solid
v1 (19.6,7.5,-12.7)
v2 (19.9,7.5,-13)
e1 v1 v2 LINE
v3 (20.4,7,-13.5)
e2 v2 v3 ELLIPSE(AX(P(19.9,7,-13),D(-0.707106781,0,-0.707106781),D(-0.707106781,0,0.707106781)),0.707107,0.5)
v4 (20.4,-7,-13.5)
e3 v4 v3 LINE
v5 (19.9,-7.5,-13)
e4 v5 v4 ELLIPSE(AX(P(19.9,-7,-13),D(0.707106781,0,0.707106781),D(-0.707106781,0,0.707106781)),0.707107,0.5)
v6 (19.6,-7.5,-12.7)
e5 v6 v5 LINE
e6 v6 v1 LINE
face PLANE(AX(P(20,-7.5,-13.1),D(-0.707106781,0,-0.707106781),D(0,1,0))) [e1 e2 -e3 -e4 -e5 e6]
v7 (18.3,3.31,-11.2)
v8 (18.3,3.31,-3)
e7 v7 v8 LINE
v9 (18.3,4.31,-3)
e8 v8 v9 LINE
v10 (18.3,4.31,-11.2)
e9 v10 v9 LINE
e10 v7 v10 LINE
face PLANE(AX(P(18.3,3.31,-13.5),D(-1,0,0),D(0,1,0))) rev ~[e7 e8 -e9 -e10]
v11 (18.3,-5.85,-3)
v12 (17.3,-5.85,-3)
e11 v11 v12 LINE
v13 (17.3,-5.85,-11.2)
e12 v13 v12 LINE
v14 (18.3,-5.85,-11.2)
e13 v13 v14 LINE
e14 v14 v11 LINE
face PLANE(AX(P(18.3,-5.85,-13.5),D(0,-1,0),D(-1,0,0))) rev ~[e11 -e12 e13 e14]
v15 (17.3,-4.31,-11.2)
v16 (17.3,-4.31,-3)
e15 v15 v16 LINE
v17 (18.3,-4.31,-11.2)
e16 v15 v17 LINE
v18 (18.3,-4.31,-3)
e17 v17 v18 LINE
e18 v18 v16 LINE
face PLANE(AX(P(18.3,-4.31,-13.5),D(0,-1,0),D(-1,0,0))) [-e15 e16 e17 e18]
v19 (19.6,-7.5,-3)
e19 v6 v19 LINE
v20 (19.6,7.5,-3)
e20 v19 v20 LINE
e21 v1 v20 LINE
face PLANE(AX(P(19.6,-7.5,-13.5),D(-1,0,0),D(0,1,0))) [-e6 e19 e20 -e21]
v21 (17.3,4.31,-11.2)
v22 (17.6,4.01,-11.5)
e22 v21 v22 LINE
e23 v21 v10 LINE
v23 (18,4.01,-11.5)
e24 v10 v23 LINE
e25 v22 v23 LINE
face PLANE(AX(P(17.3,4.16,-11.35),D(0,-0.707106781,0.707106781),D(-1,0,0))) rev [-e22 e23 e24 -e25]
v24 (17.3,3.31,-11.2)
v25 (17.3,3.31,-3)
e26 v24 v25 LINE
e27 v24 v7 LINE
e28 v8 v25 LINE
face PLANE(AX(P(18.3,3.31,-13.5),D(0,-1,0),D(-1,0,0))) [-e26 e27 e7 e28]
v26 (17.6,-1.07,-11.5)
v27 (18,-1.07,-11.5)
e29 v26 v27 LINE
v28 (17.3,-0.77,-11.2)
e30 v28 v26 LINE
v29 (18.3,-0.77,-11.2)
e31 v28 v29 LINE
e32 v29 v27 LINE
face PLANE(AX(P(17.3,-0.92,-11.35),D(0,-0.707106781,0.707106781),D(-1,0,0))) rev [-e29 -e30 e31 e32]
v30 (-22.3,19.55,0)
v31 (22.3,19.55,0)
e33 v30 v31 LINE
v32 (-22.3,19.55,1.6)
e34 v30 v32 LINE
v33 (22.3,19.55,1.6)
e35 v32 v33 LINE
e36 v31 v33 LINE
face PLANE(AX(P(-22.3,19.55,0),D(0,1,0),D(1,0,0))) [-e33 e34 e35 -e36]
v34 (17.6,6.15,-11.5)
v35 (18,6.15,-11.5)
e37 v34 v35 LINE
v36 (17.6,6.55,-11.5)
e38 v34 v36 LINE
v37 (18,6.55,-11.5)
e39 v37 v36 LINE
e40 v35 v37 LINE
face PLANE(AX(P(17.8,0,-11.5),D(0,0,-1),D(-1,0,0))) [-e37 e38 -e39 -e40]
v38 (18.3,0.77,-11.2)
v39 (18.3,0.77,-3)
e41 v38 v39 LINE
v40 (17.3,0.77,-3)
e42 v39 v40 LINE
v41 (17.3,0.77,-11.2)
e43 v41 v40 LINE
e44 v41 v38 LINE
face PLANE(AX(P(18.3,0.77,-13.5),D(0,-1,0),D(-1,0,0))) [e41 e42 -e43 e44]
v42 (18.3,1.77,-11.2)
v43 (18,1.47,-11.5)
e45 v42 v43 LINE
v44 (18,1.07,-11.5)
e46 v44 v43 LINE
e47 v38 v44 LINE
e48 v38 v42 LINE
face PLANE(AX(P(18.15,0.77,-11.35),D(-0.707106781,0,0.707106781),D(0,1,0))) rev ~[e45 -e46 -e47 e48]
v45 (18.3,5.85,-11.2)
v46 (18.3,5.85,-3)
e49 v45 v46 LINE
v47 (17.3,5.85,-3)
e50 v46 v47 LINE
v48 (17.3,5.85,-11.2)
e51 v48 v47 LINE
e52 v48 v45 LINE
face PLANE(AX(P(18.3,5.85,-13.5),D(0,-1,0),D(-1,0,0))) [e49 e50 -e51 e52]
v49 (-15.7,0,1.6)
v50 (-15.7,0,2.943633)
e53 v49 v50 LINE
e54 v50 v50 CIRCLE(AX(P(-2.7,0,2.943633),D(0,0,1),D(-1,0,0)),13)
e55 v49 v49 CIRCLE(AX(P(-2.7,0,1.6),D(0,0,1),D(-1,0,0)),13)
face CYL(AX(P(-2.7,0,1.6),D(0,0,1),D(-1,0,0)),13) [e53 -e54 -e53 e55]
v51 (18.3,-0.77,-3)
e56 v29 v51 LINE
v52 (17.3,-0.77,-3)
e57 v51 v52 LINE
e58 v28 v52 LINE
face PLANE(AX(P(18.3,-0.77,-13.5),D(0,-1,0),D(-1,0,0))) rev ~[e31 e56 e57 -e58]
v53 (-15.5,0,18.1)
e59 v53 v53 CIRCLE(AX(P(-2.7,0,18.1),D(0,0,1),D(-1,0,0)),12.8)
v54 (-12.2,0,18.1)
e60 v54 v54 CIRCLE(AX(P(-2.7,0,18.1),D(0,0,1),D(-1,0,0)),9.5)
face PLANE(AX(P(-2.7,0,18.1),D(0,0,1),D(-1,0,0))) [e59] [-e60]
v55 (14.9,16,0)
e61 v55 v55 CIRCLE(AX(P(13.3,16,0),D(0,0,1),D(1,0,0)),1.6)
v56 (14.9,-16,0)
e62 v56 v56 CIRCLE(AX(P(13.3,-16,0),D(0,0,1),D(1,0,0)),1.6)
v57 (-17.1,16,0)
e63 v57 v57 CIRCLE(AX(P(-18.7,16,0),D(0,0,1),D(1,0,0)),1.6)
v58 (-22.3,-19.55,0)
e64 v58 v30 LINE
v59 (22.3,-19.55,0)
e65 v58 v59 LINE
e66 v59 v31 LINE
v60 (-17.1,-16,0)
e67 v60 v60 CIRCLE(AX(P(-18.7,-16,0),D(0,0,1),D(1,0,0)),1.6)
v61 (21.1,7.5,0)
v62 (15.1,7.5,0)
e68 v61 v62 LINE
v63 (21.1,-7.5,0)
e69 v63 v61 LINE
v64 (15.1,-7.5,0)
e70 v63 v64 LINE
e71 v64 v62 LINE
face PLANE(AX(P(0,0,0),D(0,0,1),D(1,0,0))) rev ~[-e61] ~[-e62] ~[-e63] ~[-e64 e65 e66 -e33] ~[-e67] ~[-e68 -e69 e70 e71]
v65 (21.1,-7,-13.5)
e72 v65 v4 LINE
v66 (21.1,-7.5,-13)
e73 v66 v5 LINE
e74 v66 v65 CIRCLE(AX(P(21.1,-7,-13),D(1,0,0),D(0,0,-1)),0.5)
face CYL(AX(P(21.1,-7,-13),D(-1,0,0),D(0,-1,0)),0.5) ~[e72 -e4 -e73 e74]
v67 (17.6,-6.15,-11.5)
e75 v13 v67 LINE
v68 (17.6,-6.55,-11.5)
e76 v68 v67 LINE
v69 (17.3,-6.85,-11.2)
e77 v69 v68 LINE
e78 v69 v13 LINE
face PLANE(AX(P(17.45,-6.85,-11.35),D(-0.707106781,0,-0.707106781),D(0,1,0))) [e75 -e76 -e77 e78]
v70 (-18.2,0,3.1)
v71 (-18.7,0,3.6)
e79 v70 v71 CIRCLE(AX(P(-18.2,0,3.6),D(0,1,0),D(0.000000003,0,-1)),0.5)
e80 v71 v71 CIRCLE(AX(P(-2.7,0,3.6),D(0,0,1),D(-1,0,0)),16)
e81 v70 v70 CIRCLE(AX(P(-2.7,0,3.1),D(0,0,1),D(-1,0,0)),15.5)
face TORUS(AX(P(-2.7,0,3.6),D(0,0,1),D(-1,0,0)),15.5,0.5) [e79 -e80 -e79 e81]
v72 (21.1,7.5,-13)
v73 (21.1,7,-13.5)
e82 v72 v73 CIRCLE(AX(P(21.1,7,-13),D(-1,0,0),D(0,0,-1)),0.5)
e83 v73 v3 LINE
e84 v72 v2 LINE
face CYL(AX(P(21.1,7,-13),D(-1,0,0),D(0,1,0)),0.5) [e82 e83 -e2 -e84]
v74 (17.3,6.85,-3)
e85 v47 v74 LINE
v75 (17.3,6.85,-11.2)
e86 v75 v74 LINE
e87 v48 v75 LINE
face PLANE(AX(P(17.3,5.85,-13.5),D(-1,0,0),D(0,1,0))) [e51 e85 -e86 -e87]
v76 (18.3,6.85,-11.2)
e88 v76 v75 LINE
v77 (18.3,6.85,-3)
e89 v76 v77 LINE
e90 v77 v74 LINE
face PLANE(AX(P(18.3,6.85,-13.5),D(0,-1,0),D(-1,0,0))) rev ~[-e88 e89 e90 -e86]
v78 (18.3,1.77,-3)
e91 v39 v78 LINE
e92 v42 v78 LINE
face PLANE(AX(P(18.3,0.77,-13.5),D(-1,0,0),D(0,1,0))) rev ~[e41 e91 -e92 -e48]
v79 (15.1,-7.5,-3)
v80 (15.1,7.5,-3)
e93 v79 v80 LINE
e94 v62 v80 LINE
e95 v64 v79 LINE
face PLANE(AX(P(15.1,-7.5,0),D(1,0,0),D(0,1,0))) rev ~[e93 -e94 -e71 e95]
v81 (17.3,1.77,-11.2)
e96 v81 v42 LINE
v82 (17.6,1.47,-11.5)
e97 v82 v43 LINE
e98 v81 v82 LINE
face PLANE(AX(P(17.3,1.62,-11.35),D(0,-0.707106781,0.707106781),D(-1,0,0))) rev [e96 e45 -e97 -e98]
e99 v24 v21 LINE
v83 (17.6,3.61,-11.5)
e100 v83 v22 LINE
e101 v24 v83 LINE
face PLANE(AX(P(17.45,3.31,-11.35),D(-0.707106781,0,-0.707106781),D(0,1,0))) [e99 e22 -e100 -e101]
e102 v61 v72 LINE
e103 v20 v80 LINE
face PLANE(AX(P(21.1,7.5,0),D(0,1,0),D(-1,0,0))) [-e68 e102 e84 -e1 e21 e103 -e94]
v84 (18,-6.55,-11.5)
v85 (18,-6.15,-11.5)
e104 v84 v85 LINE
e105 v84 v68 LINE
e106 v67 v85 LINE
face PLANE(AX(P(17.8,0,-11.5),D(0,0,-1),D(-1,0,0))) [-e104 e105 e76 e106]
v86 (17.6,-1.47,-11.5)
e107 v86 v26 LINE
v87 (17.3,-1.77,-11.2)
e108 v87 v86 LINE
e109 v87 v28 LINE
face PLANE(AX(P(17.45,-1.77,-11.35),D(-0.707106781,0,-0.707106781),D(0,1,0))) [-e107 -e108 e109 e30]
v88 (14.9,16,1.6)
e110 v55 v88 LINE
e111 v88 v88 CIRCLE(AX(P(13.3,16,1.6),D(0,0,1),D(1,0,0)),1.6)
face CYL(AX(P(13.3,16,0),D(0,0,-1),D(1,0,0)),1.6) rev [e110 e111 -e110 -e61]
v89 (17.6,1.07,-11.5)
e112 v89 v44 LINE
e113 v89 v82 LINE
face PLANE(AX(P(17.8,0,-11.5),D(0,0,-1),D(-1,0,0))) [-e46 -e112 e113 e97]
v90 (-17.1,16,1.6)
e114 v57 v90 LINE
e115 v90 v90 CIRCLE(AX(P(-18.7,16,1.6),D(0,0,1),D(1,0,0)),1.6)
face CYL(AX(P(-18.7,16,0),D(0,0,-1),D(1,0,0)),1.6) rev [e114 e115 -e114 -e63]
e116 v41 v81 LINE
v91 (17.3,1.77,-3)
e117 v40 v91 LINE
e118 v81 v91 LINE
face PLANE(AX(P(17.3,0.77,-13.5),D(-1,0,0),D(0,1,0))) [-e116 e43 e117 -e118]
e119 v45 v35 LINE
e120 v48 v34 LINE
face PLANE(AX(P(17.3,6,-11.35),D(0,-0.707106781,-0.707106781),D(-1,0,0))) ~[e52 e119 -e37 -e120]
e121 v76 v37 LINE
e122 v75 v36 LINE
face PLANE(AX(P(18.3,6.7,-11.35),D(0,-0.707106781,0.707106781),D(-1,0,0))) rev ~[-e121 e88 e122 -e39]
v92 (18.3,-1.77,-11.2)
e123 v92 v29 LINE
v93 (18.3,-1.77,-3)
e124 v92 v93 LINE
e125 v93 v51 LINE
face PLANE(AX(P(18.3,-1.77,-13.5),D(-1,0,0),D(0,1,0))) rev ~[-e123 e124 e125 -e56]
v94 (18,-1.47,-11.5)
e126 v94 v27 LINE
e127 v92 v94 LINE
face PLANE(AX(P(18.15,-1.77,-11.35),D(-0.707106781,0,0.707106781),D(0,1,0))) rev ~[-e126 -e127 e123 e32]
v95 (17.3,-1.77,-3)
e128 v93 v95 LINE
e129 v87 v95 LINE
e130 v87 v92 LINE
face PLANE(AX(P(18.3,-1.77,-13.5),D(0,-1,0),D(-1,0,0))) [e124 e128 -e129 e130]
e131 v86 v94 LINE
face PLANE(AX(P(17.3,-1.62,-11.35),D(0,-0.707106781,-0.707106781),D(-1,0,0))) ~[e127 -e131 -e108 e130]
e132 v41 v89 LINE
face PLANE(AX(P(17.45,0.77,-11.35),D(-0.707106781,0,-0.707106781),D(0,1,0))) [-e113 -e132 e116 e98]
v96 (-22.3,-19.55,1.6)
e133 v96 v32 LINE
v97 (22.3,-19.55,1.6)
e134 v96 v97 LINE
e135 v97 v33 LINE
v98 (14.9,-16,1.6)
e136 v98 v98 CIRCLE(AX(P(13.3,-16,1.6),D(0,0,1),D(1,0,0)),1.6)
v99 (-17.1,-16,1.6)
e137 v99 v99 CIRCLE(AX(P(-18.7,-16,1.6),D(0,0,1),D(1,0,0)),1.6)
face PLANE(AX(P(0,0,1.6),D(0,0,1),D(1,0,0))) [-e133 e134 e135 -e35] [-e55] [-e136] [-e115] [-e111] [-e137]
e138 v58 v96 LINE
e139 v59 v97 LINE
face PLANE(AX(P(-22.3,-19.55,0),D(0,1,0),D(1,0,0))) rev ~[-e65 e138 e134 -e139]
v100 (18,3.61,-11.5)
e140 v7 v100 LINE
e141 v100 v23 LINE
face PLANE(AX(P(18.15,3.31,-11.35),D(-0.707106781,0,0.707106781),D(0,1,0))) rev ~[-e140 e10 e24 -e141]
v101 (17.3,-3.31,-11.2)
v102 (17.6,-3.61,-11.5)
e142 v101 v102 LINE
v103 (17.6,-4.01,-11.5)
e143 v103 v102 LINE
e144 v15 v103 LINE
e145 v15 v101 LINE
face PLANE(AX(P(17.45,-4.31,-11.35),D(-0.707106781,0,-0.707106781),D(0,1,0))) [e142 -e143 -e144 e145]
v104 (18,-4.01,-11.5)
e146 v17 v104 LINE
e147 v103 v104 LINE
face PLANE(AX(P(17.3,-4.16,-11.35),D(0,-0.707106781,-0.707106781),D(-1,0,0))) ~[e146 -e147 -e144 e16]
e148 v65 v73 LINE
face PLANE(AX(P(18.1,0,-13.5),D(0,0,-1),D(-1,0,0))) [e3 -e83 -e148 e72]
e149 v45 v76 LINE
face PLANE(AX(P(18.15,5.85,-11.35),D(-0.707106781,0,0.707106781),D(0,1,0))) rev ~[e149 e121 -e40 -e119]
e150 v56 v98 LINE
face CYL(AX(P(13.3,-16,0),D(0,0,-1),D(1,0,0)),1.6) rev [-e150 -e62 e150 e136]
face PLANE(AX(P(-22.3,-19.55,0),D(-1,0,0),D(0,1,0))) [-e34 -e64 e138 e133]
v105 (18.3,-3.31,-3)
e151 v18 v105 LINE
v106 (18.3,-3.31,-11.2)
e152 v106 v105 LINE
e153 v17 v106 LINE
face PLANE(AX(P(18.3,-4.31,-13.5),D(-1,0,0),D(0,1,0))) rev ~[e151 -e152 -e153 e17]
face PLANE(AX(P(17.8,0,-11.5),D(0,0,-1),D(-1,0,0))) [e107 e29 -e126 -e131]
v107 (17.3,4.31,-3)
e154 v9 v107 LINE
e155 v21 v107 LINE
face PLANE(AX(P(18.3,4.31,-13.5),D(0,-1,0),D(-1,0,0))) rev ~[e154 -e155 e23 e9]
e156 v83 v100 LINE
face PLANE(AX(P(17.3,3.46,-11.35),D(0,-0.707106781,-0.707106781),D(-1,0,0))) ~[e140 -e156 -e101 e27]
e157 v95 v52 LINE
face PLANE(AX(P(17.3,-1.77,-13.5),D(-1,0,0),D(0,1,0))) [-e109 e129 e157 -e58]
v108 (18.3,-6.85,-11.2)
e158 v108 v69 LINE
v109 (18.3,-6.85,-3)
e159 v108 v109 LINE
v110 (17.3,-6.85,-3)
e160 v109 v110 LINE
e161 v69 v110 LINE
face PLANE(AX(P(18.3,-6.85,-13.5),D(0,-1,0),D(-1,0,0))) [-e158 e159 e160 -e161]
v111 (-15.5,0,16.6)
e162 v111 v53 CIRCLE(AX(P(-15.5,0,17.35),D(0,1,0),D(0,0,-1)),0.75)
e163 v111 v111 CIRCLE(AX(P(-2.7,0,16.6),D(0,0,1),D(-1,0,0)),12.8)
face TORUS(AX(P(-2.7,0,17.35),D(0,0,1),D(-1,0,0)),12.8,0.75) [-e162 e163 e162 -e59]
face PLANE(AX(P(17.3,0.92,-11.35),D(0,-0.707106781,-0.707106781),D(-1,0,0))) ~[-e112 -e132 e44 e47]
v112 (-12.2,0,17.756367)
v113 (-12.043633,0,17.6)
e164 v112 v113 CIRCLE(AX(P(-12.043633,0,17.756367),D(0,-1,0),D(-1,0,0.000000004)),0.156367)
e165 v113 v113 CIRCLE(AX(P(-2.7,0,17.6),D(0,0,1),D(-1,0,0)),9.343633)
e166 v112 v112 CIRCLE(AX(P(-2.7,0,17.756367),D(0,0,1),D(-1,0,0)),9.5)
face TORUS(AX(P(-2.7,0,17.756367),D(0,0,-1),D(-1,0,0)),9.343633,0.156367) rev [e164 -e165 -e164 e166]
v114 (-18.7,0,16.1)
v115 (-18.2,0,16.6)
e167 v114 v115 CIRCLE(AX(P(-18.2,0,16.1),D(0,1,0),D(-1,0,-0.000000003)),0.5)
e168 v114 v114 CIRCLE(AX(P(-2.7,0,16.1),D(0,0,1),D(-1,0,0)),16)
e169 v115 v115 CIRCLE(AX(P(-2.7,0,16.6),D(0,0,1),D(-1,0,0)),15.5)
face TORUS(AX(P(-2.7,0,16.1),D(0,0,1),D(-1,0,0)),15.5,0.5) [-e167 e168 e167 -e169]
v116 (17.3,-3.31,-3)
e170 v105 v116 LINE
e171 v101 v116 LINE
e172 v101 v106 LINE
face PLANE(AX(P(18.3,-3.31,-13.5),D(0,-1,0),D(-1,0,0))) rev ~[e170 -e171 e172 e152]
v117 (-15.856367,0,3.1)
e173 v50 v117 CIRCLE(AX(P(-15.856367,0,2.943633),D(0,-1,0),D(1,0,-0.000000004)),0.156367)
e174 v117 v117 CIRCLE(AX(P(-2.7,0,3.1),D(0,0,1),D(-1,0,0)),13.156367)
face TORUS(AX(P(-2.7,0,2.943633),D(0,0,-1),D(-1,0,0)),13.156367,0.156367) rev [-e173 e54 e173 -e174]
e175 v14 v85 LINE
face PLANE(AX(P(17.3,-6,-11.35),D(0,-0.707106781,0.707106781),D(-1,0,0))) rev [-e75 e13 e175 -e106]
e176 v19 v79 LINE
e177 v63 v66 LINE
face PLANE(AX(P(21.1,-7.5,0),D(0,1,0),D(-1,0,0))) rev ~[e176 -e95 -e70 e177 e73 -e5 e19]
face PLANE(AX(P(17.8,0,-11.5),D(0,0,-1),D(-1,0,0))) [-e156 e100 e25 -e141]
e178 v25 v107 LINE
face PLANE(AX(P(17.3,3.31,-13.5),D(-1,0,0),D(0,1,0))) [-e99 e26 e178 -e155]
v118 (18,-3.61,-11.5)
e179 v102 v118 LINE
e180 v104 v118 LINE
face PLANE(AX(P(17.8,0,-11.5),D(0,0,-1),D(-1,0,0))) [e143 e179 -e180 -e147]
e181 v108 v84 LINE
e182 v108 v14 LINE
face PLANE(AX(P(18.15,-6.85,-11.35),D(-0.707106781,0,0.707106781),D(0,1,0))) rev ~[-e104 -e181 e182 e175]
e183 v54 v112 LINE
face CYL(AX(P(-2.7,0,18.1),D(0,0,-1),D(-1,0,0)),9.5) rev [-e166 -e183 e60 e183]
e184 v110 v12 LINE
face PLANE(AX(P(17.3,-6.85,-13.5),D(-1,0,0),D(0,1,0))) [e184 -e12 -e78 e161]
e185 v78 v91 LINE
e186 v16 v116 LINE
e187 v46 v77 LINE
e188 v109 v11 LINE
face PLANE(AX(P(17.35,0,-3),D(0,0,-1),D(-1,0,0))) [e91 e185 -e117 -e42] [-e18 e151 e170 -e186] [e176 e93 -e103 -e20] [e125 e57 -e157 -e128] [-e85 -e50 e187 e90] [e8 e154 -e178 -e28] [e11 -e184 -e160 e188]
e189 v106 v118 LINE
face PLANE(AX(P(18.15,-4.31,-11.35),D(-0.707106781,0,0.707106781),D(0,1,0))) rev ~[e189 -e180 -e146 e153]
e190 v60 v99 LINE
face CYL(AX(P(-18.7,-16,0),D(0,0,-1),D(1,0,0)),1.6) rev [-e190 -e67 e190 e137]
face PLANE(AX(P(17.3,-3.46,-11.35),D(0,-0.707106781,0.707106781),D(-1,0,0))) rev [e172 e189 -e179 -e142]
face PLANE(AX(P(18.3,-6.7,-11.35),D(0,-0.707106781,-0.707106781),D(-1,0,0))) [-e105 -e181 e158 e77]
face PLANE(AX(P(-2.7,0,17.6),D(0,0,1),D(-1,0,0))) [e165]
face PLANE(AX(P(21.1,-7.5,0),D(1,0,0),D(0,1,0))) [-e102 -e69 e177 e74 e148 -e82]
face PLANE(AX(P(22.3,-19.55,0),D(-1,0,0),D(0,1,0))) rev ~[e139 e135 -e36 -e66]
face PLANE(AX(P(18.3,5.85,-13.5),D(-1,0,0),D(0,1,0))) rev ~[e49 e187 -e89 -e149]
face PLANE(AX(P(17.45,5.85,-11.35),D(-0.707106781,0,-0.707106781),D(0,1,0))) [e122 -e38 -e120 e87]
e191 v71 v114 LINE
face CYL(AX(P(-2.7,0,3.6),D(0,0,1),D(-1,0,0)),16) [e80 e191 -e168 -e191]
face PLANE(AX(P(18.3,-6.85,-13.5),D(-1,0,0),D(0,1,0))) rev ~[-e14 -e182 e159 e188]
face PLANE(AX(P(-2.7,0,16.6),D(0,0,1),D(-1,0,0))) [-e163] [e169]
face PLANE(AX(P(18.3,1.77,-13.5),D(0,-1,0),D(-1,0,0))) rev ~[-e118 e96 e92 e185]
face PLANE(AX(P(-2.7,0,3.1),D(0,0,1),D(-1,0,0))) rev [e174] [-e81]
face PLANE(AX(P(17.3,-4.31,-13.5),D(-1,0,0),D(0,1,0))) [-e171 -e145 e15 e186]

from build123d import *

# Parameters (mm, degrees)
SKETCH1_W           = 44.6
SKETCH1_H           = 39.1
SKETCH1_R           = 1.6
BOSS_EXTRUDE1_DEPTH = 1.6
SKETCH5_W           = 6
SKETCH5_H           = 15
BOSS_EXTRUDE2_DEPTH = 13.5
SKETCH6_W           = 4.5
SKETCH6_H           = 15
SKETCH6_W_2         = 1
SKETCH6_H_2         = 1
CUT_EXTRUDE2_DEPTH  = 10.5
SKETCH7_W           = 1
SKETCH7_H           = 13.7
CUT_EXTRUDE3_DEPTH  = 2
CHAMFER1_SIZE       = 0.3
CHAMFER2_SIZE       = 0.8
FILLET1_R           = 0.5


with BuildPart() as part:
    # Sketch1 → Boss-Extrude1 (new body)
    with BuildSketch(Plane.XY):
        Rectangle(SKETCH1_W, SKETCH1_H)
        with Locations((13.3, 16)):
            Circle(SKETCH1_R, mode=Mode.SUBTRACT)
        with Locations((13.3, -16)):
            Circle(SKETCH1_R, mode=Mode.SUBTRACT)
        with Locations((-18.7, -16)):
            Circle(SKETCH1_R, mode=Mode.SUBTRACT)
        with Locations((-18.7, 16)):
            Circle(SKETCH1_R, mode=Mode.SUBTRACT)
    extrude(amount=BOSS_EXTRUDE1_DEPTH)

    # Sketch3 → Revolve1 (revolve)
    with BuildSketch(Plane(origin=(0, 0, 0), x_dir=(1, 0, 0), z_dir=(0, 1, 0))):
        with BuildLine():
            Line((-2.7, -1.6), (-15.7, -1.6))
            Line((-15.7, -1.6), (-15.7, -2.943633064))
            ThreePointArc((-15.7, -2.943633064), (-15.745798815, -3.054201185), (-15.856366936, -3.1))
            Line((-15.856366936, -3.1), (-18.2, -3.1))
            ThreePointArc((-18.2, -3.1), (-18.553553391, -3.246446609), (-18.7, -3.6))
            Line((-18.7, -3.6), (-18.7, -16.1))
            ThreePointArc((-18.7, -16.1), (-18.553553391, -16.453553391), (-18.2, -16.6))
            Line((-18.2, -16.6), (-15.5, -16.6))
            ThreePointArc((-15.5, -16.6), (-16.25, -17.35), (-15.5, -18.1))
            Line((-15.5, -18.1), (-12.2, -18.1))
            Line((-12.2, -18.1), (-12.2, -17.756366936))
            ThreePointArc((-12.2, -17.756366936), (-12.154201185, -17.645798815), (-12.043633064, -17.6))
            Line((-12.043633064, -17.6), (-2.7, -17.6))
            Line((-2.7, -17.6), (-2.7, -1.6))
        make_face()
    revolve(axis=Axis((-2.7, 0, -11.614281788), (0, 0, 1)))

    # Sketch5 → Boss-Extrude2 (add)
    with BuildSketch(Plane(origin=(0, 0, 0), x_dir=(-1, 0, 0), z_dir=(0, 0, -1))):
        with Locations((-18.1, 0)):
            Rectangle(SKETCH5_W, SKETCH5_H)
    extrude(amount=BOSS_EXTRUDE2_DEPTH)

    # Sketch6 → Cut-Extrude2 (cut)
    with BuildSketch(Plane(origin=(0, 0, -13.5), x_dir=(-1, 0, 0), z_dir=(0, 0, -1))):
        with Locations((-17.35, 0)):
            Rectangle(SKETCH6_W, SKETCH6_H)
        with Locations((-17.8, 6.35)):
            Rectangle(SKETCH6_W_2, SKETCH6_H_2, mode=Mode.SUBTRACT)
        with Locations((-17.8, 3.81)):
            Rectangle(SKETCH6_W_2, SKETCH6_H_2, mode=Mode.SUBTRACT)
        with Locations((-17.8, 1.27)):
            Rectangle(SKETCH6_W_2, SKETCH6_H_2, mode=Mode.SUBTRACT)
        with Locations((-17.8, -1.27)):
            Rectangle(SKETCH6_W_2, SKETCH6_H_2, mode=Mode.SUBTRACT)
        with Locations((-17.8, -3.81)):
            Rectangle(SKETCH6_W_2, SKETCH6_H_2, mode=Mode.SUBTRACT)
        with Locations((-17.8, -6.35)):
            Rectangle(SKETCH6_W_2, SKETCH6_H_2, mode=Mode.SUBTRACT)
    extrude(amount=-CUT_EXTRUDE2_DEPTH, mode=Mode.SUBTRACT)

    # Sketch7 → Cut-Extrude3 (cut)
    with BuildSketch(Plane(origin=(0, 0, -13.5), x_dir=(-1, 0, 0), z_dir=(0, 0, -1))):
        with Locations((-17.8, 0)):
            Rectangle(SKETCH7_W, SKETCH7_H)
    extrude(amount=-CUT_EXTRUDE3_DEPTH, mode=Mode.SUBTRACT)

    # Chamfer1
    chamfer1_edges = [part.edges().sort_by_distance(p)[0] for p in [
        (17.8, -5.85, -11.5),
        (17.8, 5.85, -11.5),
        (17.8, 3.31, -11.5),
        (17.8, 4.31, -11.5),
        (17.8, 0.77, -11.5),
        (17.8, 1.77, -11.5),
        (17.8, -1.77, -11.5),
        (17.8, -0.77, -11.5),
        (17.8, -4.31, -11.5),
        (17.8, -3.31, -11.5),
        (18.3, 6.35, -11.5),
        (18.3, 3.81, -11.5),
        (18.3, 1.27, -11.5),
        (18.3, -1.27, -11.5),
        (18.3, -3.81, -11.5),
        (17.3, 6.35, -11.5),
        (17.3, 3.81, -11.5),
        (17.3, 1.27, -11.5),
        (17.3, -1.27, -11.5),
        (17.3, -3.81, -11.5),
        (18.3, -6.35, -11.5),
        (17.8, 6.85, -11.5),
        (17.3, -6.35, -11.5),
        (17.8, -6.85, -11.5),
    ]]
    chamfer(chamfer1_edges, length=CHAMFER1_SIZE)

    # Chamfer2
    chamfer2_edges = [part.edges().sort_by_distance(p)[0] for p in [
        (19.6, 0, -13.5),
    ]]
    chamfer(chamfer2_edges, length=CHAMFER2_SIZE)

    # Fillet1
    fillet1_edges = [part.edges().sort_by_distance(p)[0] for p in [
        (20.75, 7.5, -13.5),
        (20.75, -7.5, -13.5),
    ]]
    fillet(fillet1_edges, radius=FILLET1_R)


solid = part.part
